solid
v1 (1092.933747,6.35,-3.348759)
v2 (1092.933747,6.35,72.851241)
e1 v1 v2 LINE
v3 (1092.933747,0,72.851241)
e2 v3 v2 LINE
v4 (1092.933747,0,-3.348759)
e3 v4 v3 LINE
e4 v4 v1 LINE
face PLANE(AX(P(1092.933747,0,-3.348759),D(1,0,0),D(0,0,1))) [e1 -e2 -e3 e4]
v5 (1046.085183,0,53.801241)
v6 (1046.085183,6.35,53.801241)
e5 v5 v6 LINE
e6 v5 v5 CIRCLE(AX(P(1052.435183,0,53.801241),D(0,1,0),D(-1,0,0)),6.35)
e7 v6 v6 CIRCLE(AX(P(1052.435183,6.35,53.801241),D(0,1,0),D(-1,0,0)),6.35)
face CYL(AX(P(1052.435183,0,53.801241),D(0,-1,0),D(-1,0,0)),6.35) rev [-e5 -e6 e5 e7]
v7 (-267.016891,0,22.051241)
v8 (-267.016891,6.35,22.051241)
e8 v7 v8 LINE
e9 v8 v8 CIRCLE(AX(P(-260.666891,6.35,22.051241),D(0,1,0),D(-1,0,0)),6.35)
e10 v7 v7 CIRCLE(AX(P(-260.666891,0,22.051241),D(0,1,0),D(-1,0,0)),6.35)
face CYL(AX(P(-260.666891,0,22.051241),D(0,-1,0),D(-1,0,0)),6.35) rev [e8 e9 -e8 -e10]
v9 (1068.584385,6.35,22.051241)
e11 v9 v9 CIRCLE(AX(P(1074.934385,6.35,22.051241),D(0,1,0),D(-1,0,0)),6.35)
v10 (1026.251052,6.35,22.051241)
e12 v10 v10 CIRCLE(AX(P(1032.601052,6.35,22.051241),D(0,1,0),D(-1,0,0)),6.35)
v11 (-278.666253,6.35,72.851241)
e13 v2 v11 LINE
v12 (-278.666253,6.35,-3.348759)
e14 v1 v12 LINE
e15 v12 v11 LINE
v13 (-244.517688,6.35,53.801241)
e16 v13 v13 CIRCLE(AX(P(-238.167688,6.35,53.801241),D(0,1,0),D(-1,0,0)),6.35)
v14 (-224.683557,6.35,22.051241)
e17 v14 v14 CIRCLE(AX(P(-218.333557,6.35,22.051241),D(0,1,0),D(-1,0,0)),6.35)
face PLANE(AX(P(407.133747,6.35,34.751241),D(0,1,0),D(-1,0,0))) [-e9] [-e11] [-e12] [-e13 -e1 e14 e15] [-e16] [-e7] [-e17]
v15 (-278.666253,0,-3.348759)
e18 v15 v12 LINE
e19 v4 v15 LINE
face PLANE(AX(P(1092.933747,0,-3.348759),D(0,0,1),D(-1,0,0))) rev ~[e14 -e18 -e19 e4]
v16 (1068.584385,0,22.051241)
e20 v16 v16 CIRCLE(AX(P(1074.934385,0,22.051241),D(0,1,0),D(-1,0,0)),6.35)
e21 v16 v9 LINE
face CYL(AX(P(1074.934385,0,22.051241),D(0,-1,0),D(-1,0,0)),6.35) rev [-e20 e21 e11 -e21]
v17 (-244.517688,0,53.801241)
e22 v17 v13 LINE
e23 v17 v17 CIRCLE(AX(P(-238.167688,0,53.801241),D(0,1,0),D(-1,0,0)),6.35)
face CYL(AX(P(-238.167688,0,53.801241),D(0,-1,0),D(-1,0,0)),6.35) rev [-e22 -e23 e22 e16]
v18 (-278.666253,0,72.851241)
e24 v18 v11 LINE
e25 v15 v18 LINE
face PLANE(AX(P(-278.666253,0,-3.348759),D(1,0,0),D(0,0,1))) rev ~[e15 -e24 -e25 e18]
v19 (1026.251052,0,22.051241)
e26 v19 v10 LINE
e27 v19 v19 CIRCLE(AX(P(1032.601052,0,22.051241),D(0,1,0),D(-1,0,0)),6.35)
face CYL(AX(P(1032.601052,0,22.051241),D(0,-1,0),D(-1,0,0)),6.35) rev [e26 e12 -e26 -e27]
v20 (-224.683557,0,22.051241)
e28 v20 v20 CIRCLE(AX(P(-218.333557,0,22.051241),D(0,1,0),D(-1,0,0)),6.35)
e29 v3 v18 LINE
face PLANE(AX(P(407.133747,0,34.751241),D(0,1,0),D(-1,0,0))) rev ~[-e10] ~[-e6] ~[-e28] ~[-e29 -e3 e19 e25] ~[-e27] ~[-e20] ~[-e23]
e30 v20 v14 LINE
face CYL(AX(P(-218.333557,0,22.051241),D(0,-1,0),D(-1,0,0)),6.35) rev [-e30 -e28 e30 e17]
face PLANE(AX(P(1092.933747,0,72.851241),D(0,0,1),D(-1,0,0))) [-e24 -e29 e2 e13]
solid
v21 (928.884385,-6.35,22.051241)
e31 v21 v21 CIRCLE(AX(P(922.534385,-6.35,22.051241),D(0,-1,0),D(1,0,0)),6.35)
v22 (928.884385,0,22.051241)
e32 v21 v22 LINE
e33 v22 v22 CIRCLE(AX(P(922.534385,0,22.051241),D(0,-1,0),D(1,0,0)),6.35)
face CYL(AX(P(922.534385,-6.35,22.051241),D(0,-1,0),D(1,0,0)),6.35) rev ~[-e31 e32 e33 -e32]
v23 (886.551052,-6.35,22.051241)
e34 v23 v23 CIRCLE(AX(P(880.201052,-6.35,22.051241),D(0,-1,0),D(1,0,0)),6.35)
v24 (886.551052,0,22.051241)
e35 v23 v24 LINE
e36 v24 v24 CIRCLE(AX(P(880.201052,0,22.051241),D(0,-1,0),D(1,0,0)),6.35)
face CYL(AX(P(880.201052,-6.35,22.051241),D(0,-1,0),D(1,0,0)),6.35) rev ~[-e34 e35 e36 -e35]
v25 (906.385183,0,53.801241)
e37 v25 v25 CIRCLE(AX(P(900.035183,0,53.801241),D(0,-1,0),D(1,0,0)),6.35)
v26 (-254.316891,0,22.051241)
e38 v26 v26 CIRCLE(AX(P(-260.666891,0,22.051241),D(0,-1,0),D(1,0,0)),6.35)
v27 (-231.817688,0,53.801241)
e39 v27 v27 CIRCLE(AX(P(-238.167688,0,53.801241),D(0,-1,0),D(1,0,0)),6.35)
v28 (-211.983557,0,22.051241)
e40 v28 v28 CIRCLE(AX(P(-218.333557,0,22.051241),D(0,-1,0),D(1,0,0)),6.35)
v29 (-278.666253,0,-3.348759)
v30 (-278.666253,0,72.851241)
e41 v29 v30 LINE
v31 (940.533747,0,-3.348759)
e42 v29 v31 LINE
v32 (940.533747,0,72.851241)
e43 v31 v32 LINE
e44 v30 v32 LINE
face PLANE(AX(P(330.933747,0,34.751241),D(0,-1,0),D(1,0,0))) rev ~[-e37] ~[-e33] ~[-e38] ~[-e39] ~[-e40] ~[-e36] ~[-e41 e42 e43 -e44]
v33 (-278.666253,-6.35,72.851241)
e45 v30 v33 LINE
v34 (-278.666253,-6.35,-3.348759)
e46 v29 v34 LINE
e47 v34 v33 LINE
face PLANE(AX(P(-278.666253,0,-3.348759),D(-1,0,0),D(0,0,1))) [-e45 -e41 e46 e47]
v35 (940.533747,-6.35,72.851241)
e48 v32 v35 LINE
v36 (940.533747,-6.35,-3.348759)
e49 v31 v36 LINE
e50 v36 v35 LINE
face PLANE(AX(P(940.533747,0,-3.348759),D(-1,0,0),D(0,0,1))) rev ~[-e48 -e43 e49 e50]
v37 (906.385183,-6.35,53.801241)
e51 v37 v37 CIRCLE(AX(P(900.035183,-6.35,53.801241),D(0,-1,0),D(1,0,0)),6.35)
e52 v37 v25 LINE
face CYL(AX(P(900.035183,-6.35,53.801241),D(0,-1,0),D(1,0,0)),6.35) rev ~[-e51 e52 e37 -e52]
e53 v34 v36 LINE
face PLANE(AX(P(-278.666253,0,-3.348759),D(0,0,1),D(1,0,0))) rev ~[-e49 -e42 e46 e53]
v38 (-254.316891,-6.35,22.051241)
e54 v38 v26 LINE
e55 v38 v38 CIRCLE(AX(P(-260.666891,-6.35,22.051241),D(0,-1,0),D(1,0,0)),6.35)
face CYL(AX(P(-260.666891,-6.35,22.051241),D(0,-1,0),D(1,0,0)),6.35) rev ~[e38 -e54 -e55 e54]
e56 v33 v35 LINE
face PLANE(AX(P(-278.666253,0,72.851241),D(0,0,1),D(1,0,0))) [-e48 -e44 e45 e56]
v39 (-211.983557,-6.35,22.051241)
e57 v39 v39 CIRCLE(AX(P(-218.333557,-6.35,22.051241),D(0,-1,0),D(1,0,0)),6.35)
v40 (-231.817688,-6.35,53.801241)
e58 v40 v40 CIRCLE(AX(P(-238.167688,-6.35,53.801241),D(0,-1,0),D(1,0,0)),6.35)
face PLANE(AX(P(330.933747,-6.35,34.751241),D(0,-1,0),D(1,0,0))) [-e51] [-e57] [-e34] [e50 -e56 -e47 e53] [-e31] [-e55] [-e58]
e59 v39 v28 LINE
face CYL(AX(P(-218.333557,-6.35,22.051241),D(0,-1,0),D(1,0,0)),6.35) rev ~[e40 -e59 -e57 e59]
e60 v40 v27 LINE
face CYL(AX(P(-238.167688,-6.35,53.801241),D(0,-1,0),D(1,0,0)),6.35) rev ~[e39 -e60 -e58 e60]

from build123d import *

# Parameters (mm, degrees)
F0_W     = 1219.2
F0_H     = 76.2
F1_DEPTH = 6.35
F2_R     = 6.35
F3_DEPTH = 6.351
F4_W     = 1371.6
F4_H     = 76.2
F4_R     = 6.35
F5_DEPTH = 6.35


with BuildPart() as f1:
    # F0 (on Front) → F1 (new body)
    with BuildSketch(Plane.XZ):
        with Locations((330.933747, 34.751241)):
            Rectangle(F0_W, F0_H)
    extrude(amount=F1_DEPTH)

    # F2 (on face) → F3 (cut, through all)
    with BuildSketch(Plane.XZ.offset(6.35)):
        with Locations((-238.167688, 53.801241)):
            Circle(F2_R)
        with Locations((-260.666891, 22.051241)):
            Circle(F2_R)
        with Locations((-218.333557, 22.051241)):
            Circle(F2_R)
        with Locations((900.035183, 53.801241)):
            Circle(F2_R)
        with Locations((880.201052, 22.051241)):
            Circle(F2_R)
        with Locations((922.534385, 22.051241)):
            Circle(F2_R)
    extrude(amount=-F3_DEPTH, mode=Mode.SUBTRACT)


with BuildPart() as f5:
    # F4 (on face) → F5 (new body)
    with BuildSketch(Plane(origin=(0, 0, 0), x_dir=(-1, 0, 0), z_dir=(0, 1, 0))):
        with Locations((-407.133747, 34.751241)):
            Rectangle(F4_W, F4_H)
        with Locations((-1074.934385, 22.051241)):
            Circle(F4_R, mode=Mode.SUBTRACT)
        with Locations((-1032.601052, 22.051241)):
            Circle(F4_R, mode=Mode.SUBTRACT)
        with Locations((218.333557, 22.051241)):
            Circle(F4_R, mode=Mode.SUBTRACT)
        with Locations((260.666891, 22.051241)):
            Circle(F4_R, mode=Mode.SUBTRACT)
        with Locations((-1052.435183, 53.801241)):
            Circle(F4_R, mode=Mode.SUBTRACT)
        with Locations((238.167688, 53.801241)):
            Circle(F4_R, mode=Mode.SUBTRACT)
    extrude(amount=F5_DEPTH)


solid = Compound([f1.part, f5.part])
